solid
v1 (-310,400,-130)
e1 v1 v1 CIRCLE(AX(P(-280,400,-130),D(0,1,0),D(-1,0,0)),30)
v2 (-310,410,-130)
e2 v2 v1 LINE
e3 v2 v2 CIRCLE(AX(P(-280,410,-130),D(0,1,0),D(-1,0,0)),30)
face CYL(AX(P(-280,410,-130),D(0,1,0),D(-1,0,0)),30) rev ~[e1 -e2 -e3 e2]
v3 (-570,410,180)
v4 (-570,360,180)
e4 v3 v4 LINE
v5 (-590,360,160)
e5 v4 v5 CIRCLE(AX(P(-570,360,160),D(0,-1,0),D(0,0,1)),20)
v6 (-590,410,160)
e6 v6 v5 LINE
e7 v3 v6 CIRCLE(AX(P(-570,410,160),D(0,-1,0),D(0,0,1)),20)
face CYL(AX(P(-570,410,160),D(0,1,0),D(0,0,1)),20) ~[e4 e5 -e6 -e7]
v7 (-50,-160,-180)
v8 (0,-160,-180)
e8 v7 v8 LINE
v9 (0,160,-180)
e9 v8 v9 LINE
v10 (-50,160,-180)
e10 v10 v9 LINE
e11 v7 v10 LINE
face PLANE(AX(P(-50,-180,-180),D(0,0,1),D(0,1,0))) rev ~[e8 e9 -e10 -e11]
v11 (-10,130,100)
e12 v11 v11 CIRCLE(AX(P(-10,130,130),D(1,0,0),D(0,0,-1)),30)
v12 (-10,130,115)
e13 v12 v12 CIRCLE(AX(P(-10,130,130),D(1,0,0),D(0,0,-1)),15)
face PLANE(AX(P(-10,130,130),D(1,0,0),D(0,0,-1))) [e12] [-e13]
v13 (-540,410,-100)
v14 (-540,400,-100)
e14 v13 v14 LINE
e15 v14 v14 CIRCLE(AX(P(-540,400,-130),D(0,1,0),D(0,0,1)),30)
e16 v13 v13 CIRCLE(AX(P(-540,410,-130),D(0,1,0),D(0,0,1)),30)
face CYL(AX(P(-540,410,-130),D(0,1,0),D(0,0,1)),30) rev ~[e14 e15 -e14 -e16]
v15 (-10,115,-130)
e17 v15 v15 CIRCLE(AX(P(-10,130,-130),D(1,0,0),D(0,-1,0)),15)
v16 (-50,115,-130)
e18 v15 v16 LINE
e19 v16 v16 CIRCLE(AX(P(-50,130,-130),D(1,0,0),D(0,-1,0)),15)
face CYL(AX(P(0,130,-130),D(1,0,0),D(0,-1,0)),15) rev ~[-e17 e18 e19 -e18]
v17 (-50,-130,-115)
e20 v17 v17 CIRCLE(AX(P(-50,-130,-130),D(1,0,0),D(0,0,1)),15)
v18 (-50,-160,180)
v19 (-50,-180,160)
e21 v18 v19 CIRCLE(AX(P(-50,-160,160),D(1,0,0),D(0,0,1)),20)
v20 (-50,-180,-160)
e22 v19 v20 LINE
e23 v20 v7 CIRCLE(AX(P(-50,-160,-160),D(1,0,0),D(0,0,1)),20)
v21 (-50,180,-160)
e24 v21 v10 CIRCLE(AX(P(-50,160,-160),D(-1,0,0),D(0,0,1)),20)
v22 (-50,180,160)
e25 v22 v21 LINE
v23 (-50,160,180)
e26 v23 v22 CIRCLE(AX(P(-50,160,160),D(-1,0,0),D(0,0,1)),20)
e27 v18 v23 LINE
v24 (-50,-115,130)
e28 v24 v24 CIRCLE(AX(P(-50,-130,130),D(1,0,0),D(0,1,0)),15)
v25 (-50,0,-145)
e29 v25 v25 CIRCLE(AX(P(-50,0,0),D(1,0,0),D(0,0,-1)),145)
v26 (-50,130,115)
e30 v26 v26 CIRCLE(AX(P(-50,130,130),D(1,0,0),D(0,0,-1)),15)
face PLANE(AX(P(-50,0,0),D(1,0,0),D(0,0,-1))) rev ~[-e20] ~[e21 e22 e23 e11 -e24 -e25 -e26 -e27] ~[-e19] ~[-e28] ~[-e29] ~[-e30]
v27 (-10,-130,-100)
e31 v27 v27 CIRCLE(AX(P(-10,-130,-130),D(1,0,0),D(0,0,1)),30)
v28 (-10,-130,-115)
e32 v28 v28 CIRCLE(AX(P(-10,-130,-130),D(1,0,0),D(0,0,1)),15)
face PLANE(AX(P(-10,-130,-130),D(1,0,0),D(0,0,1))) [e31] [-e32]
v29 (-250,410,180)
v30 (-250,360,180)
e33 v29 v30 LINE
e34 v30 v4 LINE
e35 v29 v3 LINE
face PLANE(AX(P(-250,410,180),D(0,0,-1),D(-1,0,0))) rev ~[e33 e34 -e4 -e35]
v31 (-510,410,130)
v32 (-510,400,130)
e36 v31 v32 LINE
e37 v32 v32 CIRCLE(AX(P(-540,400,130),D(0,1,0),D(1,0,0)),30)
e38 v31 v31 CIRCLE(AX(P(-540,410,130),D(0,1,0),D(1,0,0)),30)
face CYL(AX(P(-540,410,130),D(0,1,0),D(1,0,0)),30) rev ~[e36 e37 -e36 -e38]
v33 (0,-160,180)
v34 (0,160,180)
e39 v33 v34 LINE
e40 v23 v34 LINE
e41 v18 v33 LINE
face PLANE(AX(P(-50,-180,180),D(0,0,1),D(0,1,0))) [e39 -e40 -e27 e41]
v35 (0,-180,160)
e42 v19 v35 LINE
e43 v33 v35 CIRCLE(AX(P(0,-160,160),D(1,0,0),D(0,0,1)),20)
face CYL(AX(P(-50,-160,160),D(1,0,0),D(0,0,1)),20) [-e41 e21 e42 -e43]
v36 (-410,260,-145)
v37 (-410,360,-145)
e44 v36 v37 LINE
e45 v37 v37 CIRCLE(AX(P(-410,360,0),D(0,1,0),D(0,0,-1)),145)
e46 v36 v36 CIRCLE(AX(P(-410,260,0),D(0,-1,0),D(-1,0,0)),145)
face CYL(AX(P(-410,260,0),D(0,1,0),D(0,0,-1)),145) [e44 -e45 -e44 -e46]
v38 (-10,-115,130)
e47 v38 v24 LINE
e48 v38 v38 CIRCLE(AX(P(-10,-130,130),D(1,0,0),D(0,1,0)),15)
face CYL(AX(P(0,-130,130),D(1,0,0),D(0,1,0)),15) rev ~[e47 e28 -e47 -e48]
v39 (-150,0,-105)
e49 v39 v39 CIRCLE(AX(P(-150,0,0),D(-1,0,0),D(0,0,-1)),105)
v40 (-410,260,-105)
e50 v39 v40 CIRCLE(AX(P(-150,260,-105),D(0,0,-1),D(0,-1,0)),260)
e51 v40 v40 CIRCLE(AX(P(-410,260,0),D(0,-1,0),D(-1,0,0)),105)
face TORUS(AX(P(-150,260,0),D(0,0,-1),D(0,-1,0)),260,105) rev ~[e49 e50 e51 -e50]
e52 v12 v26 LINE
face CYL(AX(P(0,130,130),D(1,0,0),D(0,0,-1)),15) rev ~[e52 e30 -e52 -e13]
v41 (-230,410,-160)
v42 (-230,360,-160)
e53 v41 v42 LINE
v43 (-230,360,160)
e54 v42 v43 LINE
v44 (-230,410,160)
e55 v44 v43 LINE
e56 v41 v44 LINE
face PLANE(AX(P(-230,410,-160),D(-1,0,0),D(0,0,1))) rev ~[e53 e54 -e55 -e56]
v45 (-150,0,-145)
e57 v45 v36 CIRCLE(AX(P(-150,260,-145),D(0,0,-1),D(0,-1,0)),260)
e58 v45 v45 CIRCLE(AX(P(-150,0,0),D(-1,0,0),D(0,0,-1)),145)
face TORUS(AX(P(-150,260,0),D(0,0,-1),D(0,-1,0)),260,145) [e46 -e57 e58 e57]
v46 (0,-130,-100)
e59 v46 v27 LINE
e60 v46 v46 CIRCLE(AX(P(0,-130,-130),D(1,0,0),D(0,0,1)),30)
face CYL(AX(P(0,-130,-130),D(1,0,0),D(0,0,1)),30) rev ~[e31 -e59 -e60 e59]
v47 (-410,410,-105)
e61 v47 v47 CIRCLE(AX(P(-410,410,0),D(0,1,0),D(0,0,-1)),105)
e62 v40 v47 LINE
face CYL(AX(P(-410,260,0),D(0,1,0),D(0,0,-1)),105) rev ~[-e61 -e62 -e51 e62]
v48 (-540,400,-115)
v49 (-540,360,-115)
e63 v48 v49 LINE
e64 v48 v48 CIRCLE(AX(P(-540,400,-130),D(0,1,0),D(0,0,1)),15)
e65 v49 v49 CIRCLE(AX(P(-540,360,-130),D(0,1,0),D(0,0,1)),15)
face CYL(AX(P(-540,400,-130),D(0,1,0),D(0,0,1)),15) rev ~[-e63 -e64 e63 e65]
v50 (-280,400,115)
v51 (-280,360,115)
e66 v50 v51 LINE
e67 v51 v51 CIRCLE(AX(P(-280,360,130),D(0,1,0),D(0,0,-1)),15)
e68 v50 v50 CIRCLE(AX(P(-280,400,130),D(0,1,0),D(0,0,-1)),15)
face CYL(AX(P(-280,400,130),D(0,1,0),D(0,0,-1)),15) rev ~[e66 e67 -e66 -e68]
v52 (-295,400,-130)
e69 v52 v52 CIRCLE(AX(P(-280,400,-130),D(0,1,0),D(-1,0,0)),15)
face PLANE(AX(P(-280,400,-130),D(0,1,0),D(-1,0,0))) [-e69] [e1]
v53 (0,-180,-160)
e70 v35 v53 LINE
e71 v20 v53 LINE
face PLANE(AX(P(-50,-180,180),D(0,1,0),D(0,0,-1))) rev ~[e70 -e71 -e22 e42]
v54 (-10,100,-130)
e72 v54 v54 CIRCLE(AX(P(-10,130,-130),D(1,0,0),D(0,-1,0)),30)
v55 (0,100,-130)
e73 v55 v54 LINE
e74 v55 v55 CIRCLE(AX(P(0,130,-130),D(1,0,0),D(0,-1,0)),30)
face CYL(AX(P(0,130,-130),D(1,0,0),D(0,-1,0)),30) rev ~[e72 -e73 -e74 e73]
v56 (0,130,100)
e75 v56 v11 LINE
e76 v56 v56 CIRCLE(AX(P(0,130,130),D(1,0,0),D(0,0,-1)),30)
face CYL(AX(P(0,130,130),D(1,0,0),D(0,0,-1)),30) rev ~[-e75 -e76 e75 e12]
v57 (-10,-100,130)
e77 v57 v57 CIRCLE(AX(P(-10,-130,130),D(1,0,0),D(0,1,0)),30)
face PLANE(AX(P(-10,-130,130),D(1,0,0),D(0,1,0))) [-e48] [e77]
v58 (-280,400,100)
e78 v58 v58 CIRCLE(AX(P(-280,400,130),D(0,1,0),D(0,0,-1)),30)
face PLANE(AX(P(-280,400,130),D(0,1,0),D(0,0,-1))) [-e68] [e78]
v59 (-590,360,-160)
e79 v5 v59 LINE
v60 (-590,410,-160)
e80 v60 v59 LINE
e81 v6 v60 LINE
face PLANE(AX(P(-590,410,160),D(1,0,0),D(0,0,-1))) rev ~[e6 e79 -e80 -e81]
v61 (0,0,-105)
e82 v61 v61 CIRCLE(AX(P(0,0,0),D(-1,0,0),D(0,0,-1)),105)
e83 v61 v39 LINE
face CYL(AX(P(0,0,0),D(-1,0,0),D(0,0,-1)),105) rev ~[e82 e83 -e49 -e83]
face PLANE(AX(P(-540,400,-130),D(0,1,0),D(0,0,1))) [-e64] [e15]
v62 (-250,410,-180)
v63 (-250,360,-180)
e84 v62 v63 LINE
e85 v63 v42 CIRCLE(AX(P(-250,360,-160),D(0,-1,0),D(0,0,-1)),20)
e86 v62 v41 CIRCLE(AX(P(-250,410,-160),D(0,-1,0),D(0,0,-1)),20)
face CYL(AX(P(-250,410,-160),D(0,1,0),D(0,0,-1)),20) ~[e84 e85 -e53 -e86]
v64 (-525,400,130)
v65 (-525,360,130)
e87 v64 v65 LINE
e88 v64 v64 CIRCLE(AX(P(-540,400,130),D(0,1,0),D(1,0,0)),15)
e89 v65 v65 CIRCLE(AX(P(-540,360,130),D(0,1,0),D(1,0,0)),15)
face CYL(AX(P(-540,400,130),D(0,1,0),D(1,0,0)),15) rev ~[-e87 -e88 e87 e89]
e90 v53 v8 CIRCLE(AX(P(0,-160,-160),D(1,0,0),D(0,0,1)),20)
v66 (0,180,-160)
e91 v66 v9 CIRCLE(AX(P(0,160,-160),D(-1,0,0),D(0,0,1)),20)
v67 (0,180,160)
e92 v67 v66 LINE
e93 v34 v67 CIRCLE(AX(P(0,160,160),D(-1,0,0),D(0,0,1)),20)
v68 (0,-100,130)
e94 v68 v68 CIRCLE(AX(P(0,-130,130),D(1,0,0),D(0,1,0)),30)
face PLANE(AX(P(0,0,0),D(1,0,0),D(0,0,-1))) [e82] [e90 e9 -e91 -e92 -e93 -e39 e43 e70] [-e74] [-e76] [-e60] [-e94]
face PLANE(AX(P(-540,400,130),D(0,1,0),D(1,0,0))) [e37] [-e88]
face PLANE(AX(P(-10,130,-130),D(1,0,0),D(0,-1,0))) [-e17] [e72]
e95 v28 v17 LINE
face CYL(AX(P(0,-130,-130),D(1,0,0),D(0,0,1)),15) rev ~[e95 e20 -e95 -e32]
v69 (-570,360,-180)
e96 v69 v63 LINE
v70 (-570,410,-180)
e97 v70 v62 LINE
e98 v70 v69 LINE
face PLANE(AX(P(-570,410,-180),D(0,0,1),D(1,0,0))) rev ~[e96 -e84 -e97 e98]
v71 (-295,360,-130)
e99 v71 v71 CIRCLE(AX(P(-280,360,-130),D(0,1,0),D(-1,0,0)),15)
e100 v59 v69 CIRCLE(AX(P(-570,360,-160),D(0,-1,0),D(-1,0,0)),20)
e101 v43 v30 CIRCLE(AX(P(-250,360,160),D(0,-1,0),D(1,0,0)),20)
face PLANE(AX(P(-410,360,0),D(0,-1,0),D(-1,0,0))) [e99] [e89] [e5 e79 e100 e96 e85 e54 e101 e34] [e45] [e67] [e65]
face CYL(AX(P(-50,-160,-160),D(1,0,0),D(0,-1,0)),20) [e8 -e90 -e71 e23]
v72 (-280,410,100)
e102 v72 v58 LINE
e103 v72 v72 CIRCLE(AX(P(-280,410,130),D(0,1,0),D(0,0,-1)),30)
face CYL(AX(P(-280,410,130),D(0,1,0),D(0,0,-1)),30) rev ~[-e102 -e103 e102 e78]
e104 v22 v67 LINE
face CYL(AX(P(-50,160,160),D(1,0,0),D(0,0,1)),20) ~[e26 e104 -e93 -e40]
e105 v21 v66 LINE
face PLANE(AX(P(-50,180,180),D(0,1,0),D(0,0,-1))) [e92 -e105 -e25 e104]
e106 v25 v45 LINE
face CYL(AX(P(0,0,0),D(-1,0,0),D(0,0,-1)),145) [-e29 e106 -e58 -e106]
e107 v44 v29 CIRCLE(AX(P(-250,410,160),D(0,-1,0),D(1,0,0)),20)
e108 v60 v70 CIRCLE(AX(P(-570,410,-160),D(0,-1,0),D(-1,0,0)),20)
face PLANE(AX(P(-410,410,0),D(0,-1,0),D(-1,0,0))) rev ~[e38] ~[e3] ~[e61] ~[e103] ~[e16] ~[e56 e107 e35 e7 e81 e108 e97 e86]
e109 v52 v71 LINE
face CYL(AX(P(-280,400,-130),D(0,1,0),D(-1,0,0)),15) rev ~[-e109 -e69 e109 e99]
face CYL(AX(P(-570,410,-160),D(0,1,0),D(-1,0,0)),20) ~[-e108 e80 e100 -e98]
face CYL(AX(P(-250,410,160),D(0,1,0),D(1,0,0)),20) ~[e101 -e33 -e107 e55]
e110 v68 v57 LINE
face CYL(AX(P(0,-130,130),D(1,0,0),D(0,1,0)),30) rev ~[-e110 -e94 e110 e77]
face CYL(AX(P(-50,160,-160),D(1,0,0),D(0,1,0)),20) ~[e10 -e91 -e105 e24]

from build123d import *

# Parameters (mm, degrees)
SKETCH2_R           = 145
SKETCH2_R_2         = 105
BOSS_EXTRUDE1_START = -50
SKETCH3_W           = 360
SKETCH3_H           = 360
SKETCH3_R           = 145
BOSS_EXTRUDE1_DEPTH = 50
FILLET1_R           = 20
SKETCH4_R           = 145
BOSS_EXTRUDE2_DEPTH = 50
SKETCH5_R           = 30
CUT_EXTRUDE1_DEPTH  = 10
CUT_EXTRUDE2_REACH  = 742.675
SKETCH6_R           = 15
CIRPATTERN1_COUNT   = 4
SKETCH7_R           = 30
CUT_EXTRUDE3_DEPTH  = 10
CUT_EXTRUDE4_REACH  = 848.699
SKETCH8_R           = 15
CIRPATTERN2_COUNT   = 4


with BuildPart() as part:
    # Sweep-Thin1: sweep along a path in Sketch1
    with BuildLine(Plane.XY) as sweep_thin1_path:
        Line((0, 0), (-150, 0))
        ThreePointArc((-150, 0), (-333.847763109, 76.152236891), (-410, 260))
        Line((-410, 260), (-410, 410))
    # Sketch2 → Sweep-Thin1 (sweep)
    with BuildSketch(Plane(origin=(0, 0, 0), x_dir=(0, 0, -1), z_dir=(1, 0, 0))):
        Circle(SKETCH2_R)
        Circle(SKETCH2_R_2, mode=Mode.SUBTRACT)
    sweep(path=sweep_thin1_path.line)

    # Sketch3 → Boss-Extrude1 (add)
    with BuildSketch(Plane(origin=(0, 0, 0), x_dir=(0, 0, -1), z_dir=(1, 0, 0)).offset(BOSS_EXTRUDE1_START)):
        Rectangle(SKETCH3_W, SKETCH3_H)
        Circle(SKETCH3_R, mode=Mode.SUBTRACT)
    extrude(amount=BOSS_EXTRUDE1_DEPTH)

    # Fillet1
    fillet1_edges = [part.edges().sort_by_distance(p)[0] for p in [
        (-25, -180, 180),
        (-25, 180, 180),
        (-25, 180, -180),
        (-25, -180, -180),
    ]]
    fillet(fillet1_edges, radius=FILLET1_R)

    # Sketch4 → Boss-Extrude2 (add)
    with BuildSketch(Plane(origin=(0, 410, 0), x_dir=(1, 0, 0), z_dir=(0, 1, 0))):
        with BuildLine():
            ThreePointArc((-250, 180), (-235.857864376, 174.142135624), (-230, 160))
            Line((-230, 160), (-230, -160))
            ThreePointArc((-230, -160), (-235.857864376, -174.142135624), (-250, -180))
            Line((-250, -180), (-570, -180))
            ThreePointArc((-570, -180), (-584.142135624, -174.142135624), (-590, -160))
            Line((-590, -160), (-590, 160))
            ThreePointArc((-590, 160), (-584.142135624, 174.142135624), (-570, 180))
            Line((-570, 180), (-250, 180))
        make_face()
        with Locations(Location((-410, 0, 0), (0, 0, 180))):
            Circle(SKETCH4_R, mode=Mode.SUBTRACT)
    extrude(amount=-BOSS_EXTRUDE2_DEPTH)

    # Sketch5 → Cut-Extrude1 (cut)
    with BuildSketch(Plane(origin=(0, 0, 0), x_dir=(0, 0, -1), z_dir=(1, 0, 0))):
        with Locations((-130, 130)):
            Circle(SKETCH5_R)
    cut_extrude1 = extrude(amount=-CUT_EXTRUDE1_DEPTH, mode=Mode.SUBTRACT)

    # Sketch6 → Cut-Extrude2 (cut, up to next)
    with BuildSketch(Plane(origin=(0, 0, 0), x_dir=(0, 0, -1), z_dir=(1, 0, 0)), mode=Mode.PRIVATE) as cut_extrude2_sk1:
        with Locations((-130, 130)):
            Circle(SKETCH6_R)
    cut_extrude2_tool1 = extrude(cut_extrude2_sk1.sketch, amount=-CUT_EXTRUDE2_REACH, mode=Mode.PRIVATE) & part.part
    cut_extrude2 = cut_extrude2_tool1.solids().sort_by_distance((0, 130, 130))[0]
    add(cut_extrude2, mode=Mode.SUBTRACT)

    # CirPattern1: Cut-Extrude1, Cut-Extrude2 ×4 about axis
    cirpattern1_axis = Axis((0, 0, 0), (1, 0, 0))
    add([cut_extrude1.rotate(cirpattern1_axis, i * 360 / CIRPATTERN1_COUNT) for i in range(1, CIRPATTERN1_COUNT)], mode=Mode.SUBTRACT)
    add([cut_extrude2.rotate(cirpattern1_axis, i * 360 / CIRPATTERN1_COUNT) for i in range(1, CIRPATTERN1_COUNT)], mode=Mode.SUBTRACT)

    # Sketch7 → Cut-Extrude3 (cut)
    with BuildSketch(Plane(origin=(0, 410, 0), x_dir=(1, 0, 0), z_dir=(0, 1, 0))):
        with Locations(Location((-540, 130, 0), (0, 0, 270))):
            Circle(SKETCH7_R)
    cut_extrude3 = extrude(amount=-CUT_EXTRUDE3_DEPTH, mode=Mode.SUBTRACT)

    # Sketch8 → Cut-Extrude4 (cut, up to next)
    with BuildSketch(Plane(origin=(0, 400, 0), x_dir=(1, 0, 0), z_dir=(0, 1, 0)), mode=Mode.PRIVATE) as cut_extrude4_sk1:
        with Locations(Location((-540, 130, 0), (0, 0, 270))):
            Circle(SKETCH8_R)
    cut_extrude4_tool1 = extrude(cut_extrude4_sk1.sketch, amount=-CUT_EXTRUDE4_REACH, mode=Mode.PRIVATE) & part.part
    cut_extrude4 = cut_extrude4_tool1.solids().sort_by_distance((-540, 400, -130))[0]
    add(cut_extrude4, mode=Mode.SUBTRACT)

    # CirPattern2: Cut-Extrude3, Cut-Extrude4 ×4 about axis
    cirpattern2_axis = Axis((-410, 0, 0), (0, 1, 0))
    add([cut_extrude3.rotate(cirpattern2_axis, i * 360 / CIRPATTERN2_COUNT) for i in range(1, CIRPATTERN2_COUNT)], mode=Mode.SUBTRACT)
    add([cut_extrude4.rotate(cirpattern2_axis, i * 360 / CIRPATTERN2_COUNT) for i in range(1, CIRPATTERN2_COUNT)], mode=Mode.SUBTRACT)


solid = part.part
